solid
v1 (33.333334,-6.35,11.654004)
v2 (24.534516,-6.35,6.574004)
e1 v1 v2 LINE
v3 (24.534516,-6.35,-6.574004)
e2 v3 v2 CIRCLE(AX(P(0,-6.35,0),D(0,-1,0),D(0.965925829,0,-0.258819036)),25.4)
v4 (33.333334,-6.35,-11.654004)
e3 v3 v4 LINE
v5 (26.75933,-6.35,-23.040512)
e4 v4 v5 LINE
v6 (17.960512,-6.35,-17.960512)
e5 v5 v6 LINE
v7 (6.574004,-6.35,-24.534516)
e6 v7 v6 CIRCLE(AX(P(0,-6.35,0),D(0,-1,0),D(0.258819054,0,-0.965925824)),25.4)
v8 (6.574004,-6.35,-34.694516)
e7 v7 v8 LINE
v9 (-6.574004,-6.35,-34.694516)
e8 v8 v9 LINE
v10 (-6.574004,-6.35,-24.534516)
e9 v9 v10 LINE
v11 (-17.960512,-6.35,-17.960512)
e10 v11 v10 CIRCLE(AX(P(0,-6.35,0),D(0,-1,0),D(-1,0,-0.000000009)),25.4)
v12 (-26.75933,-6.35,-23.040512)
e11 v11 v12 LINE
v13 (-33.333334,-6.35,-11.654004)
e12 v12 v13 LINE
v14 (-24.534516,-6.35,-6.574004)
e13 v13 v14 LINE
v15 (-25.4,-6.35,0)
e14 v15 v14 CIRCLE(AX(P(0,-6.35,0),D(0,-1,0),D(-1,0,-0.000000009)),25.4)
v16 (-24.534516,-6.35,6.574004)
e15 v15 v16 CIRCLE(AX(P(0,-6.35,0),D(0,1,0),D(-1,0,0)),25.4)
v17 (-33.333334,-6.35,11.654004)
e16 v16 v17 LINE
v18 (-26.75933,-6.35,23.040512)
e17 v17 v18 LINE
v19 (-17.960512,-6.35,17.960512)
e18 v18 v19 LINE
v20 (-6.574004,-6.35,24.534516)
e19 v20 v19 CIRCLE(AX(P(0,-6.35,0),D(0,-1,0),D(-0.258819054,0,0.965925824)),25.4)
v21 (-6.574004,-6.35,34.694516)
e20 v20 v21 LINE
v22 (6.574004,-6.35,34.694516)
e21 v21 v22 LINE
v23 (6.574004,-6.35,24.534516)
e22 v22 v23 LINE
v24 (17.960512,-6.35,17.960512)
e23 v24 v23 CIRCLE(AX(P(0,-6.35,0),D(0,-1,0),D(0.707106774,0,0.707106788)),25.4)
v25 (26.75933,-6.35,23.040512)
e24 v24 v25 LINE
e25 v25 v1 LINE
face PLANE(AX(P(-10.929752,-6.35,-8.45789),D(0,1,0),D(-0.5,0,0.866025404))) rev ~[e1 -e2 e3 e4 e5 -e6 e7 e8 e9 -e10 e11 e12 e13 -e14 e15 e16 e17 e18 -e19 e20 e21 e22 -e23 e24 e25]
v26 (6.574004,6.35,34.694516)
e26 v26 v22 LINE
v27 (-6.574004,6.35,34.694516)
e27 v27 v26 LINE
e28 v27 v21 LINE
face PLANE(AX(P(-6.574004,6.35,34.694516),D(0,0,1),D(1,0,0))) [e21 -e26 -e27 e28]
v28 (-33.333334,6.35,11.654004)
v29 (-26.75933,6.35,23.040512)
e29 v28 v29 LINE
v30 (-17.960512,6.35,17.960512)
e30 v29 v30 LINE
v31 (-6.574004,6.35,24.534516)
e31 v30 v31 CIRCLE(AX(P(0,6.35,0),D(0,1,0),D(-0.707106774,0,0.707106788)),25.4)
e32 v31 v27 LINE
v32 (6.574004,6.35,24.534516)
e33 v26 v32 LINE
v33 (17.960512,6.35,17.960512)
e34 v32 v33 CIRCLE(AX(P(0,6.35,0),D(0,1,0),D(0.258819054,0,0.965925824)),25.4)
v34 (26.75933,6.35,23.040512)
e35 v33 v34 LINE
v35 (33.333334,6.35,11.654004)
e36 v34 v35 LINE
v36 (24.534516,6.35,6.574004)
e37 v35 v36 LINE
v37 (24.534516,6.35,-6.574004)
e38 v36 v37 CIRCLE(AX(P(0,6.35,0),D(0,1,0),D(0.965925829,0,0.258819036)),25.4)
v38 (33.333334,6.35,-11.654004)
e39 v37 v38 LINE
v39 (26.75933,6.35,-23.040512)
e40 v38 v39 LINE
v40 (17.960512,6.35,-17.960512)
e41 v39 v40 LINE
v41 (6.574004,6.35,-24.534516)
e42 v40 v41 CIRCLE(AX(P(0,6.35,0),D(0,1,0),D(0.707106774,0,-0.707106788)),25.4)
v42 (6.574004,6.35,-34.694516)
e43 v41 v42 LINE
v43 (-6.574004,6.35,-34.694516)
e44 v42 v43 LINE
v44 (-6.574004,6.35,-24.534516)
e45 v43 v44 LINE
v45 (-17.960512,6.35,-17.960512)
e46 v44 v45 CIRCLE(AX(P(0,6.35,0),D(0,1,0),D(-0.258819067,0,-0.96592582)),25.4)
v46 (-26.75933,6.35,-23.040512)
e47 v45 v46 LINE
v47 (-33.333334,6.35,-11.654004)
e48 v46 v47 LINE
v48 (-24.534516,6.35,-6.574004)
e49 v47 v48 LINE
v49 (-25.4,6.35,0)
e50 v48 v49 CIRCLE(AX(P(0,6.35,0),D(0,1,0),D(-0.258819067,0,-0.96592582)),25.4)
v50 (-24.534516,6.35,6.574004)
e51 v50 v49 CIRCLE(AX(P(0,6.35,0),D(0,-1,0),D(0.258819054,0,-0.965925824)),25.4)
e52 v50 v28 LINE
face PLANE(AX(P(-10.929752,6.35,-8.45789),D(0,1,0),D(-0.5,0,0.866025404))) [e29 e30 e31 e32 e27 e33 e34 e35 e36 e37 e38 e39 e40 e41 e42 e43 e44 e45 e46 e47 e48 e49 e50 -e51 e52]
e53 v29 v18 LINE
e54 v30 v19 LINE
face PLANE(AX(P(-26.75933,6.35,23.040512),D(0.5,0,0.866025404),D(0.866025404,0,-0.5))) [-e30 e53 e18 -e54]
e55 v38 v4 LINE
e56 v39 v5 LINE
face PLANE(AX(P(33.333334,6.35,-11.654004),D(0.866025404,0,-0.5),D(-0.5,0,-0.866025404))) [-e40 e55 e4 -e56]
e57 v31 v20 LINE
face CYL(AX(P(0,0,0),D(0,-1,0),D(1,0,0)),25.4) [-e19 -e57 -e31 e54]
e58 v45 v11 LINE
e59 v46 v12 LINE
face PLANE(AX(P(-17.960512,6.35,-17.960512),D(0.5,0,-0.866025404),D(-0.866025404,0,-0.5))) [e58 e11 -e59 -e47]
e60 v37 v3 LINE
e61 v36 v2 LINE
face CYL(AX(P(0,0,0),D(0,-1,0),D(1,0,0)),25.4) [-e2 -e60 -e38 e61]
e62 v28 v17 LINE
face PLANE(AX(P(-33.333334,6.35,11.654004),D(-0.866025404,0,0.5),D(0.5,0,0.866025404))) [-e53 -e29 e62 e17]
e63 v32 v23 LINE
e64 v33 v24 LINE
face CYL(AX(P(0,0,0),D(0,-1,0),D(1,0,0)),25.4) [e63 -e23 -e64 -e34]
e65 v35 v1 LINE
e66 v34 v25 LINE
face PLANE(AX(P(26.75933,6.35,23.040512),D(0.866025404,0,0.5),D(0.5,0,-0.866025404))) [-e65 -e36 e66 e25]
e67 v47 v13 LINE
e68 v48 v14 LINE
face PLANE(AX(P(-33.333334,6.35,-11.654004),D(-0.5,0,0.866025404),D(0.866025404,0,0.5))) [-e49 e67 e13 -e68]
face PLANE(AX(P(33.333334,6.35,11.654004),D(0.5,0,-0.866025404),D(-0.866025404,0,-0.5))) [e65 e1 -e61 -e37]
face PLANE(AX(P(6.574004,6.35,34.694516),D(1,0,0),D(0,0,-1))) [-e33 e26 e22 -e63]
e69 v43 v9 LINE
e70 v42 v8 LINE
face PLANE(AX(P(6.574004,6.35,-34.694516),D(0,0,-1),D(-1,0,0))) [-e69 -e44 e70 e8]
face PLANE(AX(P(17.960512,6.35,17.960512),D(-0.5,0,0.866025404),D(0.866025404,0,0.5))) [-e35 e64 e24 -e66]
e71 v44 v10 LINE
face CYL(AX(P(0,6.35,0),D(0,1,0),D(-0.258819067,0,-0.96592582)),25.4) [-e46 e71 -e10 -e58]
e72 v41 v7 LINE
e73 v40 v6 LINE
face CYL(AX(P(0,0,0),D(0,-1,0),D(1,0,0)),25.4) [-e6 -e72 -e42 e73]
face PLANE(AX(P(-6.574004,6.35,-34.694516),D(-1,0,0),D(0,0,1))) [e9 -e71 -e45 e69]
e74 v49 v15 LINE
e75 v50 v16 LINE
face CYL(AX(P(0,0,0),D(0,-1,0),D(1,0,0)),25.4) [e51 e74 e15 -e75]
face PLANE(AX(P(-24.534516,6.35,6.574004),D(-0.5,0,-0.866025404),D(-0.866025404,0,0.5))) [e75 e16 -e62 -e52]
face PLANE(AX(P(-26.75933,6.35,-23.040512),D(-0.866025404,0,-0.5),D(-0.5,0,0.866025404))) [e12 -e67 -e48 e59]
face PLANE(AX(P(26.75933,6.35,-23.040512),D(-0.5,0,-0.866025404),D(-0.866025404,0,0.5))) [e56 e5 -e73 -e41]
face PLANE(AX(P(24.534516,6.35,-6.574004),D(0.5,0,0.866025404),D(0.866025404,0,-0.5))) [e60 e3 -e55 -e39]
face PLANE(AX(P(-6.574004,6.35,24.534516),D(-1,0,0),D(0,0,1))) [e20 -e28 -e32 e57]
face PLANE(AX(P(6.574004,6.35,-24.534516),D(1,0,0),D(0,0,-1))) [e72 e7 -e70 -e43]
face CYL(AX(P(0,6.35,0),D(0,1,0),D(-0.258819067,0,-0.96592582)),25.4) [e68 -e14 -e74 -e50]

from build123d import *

# Parameters (mm, degrees)
F0_R     = 25.4
F1_DEPTH = 6.35
F3_DEPTH = 12.7
F5_COUNT = 6


with BuildPart() as f1:
    # F0 (on Front) → F1 (new body, symmetric)
    with BuildSketch(Plane.XZ):
        Circle(F0_R)
    extrude(amount=F1_DEPTH, both=True)

    # F2 (on face) → F3 (join)
    with BuildSketch(Plane(origin=(0, 6.35, 0), x_dir=(-1, 0, 0), z_dir=(0, 1, 0))):
        Polygon((0, -24.534516), (0, 0), (-6.574004, -24.534516), align=None)
        Polygon((6.574004, -24.534516), (0, 0), (0, -24.534516), align=None)
        Polygon((6.574004, -34.694516), (6.574004, -24.534516), (0, -24.534516), (-6.574004, -24.534516), (-6.574004, -34.694516), align=None)
        with BuildLine():
            Line((-6.574004, -24.534516), (0, 0))
            Line((0, 0), (6.574004, -24.534516))
            ThreePointArc((6.574004, -24.534516), (20.151175, -15.46254), (25.4, 0))
            ThreePointArc((25.4, 0), (-15.46254, 20.151175), (-6.574004, -24.534516))
        make_face()
    extrude(amount=-F3_DEPTH)

    # F5: F1 ×6 about axis
    f5_axis = Axis((0, -24.47786, 0), (0, -1, 0))


with BuildPart() as f1_1:
    add(f1.part)
    for i in range(1, F5_COUNT):
        add(f1.part.rotate(f5_axis, i * 360 / F5_COUNT))


solid = f1_1.part
